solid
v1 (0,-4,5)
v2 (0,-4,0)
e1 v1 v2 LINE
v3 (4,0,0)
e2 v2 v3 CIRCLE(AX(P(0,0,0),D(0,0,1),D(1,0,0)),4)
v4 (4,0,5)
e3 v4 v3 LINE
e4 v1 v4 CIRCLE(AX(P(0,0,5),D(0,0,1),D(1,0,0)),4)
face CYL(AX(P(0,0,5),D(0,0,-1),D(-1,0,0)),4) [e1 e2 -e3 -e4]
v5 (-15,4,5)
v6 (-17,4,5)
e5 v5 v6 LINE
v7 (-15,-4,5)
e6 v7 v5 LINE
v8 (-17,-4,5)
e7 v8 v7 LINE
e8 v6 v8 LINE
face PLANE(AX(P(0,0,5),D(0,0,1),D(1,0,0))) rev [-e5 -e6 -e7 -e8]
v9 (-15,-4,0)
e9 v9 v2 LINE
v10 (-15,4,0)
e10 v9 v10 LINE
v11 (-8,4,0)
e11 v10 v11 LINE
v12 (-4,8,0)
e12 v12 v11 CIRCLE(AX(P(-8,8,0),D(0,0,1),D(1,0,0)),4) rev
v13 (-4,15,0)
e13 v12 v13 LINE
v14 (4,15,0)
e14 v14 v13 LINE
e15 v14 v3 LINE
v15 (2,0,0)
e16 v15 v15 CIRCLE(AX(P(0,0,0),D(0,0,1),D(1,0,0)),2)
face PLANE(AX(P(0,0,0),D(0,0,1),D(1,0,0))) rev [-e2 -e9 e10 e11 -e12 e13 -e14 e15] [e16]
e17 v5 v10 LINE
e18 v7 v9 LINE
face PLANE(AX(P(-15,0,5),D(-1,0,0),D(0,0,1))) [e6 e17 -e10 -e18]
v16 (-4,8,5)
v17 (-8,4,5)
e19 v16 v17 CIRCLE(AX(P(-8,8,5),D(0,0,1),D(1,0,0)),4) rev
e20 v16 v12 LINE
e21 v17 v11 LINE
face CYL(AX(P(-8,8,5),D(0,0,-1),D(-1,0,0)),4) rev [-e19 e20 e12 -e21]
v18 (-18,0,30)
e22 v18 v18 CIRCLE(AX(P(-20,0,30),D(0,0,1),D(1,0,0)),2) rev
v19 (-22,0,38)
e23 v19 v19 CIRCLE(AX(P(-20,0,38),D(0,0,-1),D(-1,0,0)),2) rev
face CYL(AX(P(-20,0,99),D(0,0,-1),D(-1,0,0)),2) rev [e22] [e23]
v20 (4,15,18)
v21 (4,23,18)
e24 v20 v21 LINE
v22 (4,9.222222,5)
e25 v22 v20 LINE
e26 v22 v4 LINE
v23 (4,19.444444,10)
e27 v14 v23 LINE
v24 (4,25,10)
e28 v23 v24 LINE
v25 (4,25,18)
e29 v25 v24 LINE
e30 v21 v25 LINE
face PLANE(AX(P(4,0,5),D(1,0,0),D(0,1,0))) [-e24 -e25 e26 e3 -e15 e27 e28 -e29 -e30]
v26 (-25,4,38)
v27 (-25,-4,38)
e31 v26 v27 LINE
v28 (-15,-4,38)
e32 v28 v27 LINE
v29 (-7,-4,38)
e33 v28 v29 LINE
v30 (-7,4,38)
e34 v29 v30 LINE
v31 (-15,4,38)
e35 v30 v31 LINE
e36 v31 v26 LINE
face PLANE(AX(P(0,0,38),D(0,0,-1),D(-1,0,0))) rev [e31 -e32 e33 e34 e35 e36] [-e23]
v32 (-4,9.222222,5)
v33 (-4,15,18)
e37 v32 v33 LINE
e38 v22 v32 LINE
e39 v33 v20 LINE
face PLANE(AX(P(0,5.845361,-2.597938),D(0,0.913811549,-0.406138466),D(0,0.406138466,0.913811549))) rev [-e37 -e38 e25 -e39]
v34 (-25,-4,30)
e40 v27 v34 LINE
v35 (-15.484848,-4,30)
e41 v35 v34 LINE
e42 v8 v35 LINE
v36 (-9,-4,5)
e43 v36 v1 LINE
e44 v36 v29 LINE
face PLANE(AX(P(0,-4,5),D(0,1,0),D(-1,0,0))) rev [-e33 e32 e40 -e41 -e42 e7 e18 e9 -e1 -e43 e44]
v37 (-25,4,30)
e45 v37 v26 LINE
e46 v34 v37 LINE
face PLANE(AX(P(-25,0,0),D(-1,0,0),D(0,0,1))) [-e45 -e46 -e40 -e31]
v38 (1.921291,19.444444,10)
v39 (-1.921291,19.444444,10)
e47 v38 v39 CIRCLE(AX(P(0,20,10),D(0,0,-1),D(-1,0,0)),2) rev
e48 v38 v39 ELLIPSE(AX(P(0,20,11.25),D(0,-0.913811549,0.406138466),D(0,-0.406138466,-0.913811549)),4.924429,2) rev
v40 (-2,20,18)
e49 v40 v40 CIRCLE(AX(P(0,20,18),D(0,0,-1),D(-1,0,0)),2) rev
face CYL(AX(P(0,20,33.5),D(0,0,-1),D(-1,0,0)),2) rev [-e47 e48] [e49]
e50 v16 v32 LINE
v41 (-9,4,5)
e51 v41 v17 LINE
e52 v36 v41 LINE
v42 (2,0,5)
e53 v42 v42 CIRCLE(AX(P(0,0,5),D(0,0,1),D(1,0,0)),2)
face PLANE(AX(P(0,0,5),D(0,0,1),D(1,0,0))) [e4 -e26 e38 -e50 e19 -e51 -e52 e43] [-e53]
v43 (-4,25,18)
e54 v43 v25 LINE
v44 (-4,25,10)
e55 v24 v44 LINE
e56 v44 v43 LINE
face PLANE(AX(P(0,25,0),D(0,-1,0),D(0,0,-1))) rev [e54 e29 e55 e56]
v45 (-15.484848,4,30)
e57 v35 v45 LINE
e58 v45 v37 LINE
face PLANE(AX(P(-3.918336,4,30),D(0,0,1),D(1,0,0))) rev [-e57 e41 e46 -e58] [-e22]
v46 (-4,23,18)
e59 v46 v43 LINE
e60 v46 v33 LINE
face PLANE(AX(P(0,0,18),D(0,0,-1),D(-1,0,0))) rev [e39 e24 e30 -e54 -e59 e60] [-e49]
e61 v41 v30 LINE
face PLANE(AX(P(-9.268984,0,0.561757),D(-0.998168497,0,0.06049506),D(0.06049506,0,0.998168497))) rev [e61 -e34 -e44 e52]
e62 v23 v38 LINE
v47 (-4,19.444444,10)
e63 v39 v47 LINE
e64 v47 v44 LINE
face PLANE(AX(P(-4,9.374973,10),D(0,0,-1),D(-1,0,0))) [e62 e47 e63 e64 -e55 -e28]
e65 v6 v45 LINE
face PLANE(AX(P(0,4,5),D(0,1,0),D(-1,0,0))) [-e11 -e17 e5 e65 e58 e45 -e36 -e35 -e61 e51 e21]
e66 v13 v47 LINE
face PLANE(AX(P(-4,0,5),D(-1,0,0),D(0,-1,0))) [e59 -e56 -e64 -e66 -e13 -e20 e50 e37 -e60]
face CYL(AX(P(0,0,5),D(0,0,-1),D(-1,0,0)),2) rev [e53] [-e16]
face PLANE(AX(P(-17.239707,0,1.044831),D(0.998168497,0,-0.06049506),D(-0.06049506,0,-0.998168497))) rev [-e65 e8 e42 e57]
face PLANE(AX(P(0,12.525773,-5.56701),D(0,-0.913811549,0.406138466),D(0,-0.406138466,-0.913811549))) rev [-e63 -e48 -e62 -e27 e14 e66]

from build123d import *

# Parameters (mm, degrees)
SKETCH_1_R          = 2
EXTRUDE_1_DEPTH     = 5
SKETCH_7_W          = 8
SKETCH_7_H          = 8
SKETCH_6_W          = 8
SKETCH_6_H          = 8
SKETCH_9_W          = 8
SKETCH_9_H          = 8
EXTRUDE_5_DEPTH     = 10
SKETCH_1_6_R        = 2
CUT_EXTRUDE_2_DEPTH = 99
SKETCH_14_W         = 8
SKETCH_14_H         = 8
SKETCH_15_W         = 8
SKETCH_15_H         = 8
EXTRUDE_7_REACH     = 31
SKETCH_17_W         = 8
SKETCH_17_H         = 8
SKETCH_1_7_R        = 2
CUT_EXTRUDE_4_DEPTH = 33.5


with BuildPart() as part:
    # 草图1 → 凸台-拉伸1 (new body)
    with BuildSketch(Plane.XY):
        with BuildLine():
            Line((-15, 4), (-15, -4))
            Line((-15, -4), (0, -4))
            ThreePointArc((0, -4), (2.828427125, -2.828427125), (4, 0))
            Line((4, 0), (4, 15))
            Line((4, 15), (-4, 15))
            Line((-4, 15), (-4, 8))
            ThreePointArc((-4, 8), (-5.171572875, 5.171572875), (-8, 4))
            Line((-8, 4), (-15, 4))
        make_face()
        Circle(SKETCH_1_R, mode=Mode.SUBTRACT)
    extrude(amount=EXTRUDE_1_DEPTH)

    # 草图7 → 放样2 section 0
    with BuildSketch(Plane.XY.offset(5)):
        with Locations((-13, 0)):
            Rectangle(SKETCH_7_W, SKETCH_7_H)
    # 草图6 → 放样2 section 1
    with BuildSketch(Plane.XY.offset(38)):
        with Locations((-11, 0)):
            Rectangle(SKETCH_6_W, SKETCH_6_H)
    loft()

    # 草图9 → 凸台-拉伸5 (add)
    with BuildSketch(Plane(origin=(-25, 0, 0), x_dir=(0, 0, -1), z_dir=(1, 0, 0))):
        with Locations((-34, 0)):
            Rectangle(SKETCH_9_W, SKETCH_9_H)
    extrude(amount=EXTRUDE_5_DEPTH)

    # 草图1<6> → 切除-拉伸2 (cut)
    with BuildSketch(Plane.XY):
        with Locations((-20, 0)):
            Circle(SKETCH_1_6_R)
    extrude(amount=CUT_EXTRUDE_2_DEPTH, mode=Mode.SUBTRACT)

    # 草图14 → 放样3 section 0
    with BuildSketch(Plane.XY):
        with Locations((0, 11)):
            Rectangle(SKETCH_14_W, SKETCH_14_H)
    # 草图15 → 放样3 section 1
    with BuildSketch(Plane.XY.offset(18)):
        with Locations((0, 19)):
            Rectangle(SKETCH_15_W, SKETCH_15_H)
    loft()

    # 凸台-拉伸7: up to this face of the body (flat: up to its plane)
    extrude_7_end = Plane(part.part.faces().sort_by_distance((0, 19, 9))[0])
    # 草图17 → 凸台-拉伸7 (add, up to the picked face)
    with BuildSketch(Plane(origin=(0, 25, 0), x_dir=(1, 0, 0), z_dir=(0, 1, 0)), mode=Mode.PRIVATE) as extrude_7_sk1:
        with Locations((0, -14)):
            Rectangle(SKETCH_17_W, SKETCH_17_H)
    extrude_7_tool1 = split(extrude(extrude_7_sk1.sketch, amount=-EXTRUDE_7_REACH, mode=Mode.PRIVATE), bisect_by=extrude_7_end, keep=Keep.BOTH, mode=Mode.PRIVATE)
    add(extrude_7_tool1.solids().sort_by_distance((0, 25, 14))[0])

    # 草图1<7> → 切除-拉伸4 (cut)
    with BuildSketch(Plane.XY):
        with Locations((0, 20)):
            Circle(SKETCH_1_7_R)
    extrude(amount=CUT_EXTRUDE_4_DEPTH, mode=Mode.SUBTRACT)


solid = part.part
